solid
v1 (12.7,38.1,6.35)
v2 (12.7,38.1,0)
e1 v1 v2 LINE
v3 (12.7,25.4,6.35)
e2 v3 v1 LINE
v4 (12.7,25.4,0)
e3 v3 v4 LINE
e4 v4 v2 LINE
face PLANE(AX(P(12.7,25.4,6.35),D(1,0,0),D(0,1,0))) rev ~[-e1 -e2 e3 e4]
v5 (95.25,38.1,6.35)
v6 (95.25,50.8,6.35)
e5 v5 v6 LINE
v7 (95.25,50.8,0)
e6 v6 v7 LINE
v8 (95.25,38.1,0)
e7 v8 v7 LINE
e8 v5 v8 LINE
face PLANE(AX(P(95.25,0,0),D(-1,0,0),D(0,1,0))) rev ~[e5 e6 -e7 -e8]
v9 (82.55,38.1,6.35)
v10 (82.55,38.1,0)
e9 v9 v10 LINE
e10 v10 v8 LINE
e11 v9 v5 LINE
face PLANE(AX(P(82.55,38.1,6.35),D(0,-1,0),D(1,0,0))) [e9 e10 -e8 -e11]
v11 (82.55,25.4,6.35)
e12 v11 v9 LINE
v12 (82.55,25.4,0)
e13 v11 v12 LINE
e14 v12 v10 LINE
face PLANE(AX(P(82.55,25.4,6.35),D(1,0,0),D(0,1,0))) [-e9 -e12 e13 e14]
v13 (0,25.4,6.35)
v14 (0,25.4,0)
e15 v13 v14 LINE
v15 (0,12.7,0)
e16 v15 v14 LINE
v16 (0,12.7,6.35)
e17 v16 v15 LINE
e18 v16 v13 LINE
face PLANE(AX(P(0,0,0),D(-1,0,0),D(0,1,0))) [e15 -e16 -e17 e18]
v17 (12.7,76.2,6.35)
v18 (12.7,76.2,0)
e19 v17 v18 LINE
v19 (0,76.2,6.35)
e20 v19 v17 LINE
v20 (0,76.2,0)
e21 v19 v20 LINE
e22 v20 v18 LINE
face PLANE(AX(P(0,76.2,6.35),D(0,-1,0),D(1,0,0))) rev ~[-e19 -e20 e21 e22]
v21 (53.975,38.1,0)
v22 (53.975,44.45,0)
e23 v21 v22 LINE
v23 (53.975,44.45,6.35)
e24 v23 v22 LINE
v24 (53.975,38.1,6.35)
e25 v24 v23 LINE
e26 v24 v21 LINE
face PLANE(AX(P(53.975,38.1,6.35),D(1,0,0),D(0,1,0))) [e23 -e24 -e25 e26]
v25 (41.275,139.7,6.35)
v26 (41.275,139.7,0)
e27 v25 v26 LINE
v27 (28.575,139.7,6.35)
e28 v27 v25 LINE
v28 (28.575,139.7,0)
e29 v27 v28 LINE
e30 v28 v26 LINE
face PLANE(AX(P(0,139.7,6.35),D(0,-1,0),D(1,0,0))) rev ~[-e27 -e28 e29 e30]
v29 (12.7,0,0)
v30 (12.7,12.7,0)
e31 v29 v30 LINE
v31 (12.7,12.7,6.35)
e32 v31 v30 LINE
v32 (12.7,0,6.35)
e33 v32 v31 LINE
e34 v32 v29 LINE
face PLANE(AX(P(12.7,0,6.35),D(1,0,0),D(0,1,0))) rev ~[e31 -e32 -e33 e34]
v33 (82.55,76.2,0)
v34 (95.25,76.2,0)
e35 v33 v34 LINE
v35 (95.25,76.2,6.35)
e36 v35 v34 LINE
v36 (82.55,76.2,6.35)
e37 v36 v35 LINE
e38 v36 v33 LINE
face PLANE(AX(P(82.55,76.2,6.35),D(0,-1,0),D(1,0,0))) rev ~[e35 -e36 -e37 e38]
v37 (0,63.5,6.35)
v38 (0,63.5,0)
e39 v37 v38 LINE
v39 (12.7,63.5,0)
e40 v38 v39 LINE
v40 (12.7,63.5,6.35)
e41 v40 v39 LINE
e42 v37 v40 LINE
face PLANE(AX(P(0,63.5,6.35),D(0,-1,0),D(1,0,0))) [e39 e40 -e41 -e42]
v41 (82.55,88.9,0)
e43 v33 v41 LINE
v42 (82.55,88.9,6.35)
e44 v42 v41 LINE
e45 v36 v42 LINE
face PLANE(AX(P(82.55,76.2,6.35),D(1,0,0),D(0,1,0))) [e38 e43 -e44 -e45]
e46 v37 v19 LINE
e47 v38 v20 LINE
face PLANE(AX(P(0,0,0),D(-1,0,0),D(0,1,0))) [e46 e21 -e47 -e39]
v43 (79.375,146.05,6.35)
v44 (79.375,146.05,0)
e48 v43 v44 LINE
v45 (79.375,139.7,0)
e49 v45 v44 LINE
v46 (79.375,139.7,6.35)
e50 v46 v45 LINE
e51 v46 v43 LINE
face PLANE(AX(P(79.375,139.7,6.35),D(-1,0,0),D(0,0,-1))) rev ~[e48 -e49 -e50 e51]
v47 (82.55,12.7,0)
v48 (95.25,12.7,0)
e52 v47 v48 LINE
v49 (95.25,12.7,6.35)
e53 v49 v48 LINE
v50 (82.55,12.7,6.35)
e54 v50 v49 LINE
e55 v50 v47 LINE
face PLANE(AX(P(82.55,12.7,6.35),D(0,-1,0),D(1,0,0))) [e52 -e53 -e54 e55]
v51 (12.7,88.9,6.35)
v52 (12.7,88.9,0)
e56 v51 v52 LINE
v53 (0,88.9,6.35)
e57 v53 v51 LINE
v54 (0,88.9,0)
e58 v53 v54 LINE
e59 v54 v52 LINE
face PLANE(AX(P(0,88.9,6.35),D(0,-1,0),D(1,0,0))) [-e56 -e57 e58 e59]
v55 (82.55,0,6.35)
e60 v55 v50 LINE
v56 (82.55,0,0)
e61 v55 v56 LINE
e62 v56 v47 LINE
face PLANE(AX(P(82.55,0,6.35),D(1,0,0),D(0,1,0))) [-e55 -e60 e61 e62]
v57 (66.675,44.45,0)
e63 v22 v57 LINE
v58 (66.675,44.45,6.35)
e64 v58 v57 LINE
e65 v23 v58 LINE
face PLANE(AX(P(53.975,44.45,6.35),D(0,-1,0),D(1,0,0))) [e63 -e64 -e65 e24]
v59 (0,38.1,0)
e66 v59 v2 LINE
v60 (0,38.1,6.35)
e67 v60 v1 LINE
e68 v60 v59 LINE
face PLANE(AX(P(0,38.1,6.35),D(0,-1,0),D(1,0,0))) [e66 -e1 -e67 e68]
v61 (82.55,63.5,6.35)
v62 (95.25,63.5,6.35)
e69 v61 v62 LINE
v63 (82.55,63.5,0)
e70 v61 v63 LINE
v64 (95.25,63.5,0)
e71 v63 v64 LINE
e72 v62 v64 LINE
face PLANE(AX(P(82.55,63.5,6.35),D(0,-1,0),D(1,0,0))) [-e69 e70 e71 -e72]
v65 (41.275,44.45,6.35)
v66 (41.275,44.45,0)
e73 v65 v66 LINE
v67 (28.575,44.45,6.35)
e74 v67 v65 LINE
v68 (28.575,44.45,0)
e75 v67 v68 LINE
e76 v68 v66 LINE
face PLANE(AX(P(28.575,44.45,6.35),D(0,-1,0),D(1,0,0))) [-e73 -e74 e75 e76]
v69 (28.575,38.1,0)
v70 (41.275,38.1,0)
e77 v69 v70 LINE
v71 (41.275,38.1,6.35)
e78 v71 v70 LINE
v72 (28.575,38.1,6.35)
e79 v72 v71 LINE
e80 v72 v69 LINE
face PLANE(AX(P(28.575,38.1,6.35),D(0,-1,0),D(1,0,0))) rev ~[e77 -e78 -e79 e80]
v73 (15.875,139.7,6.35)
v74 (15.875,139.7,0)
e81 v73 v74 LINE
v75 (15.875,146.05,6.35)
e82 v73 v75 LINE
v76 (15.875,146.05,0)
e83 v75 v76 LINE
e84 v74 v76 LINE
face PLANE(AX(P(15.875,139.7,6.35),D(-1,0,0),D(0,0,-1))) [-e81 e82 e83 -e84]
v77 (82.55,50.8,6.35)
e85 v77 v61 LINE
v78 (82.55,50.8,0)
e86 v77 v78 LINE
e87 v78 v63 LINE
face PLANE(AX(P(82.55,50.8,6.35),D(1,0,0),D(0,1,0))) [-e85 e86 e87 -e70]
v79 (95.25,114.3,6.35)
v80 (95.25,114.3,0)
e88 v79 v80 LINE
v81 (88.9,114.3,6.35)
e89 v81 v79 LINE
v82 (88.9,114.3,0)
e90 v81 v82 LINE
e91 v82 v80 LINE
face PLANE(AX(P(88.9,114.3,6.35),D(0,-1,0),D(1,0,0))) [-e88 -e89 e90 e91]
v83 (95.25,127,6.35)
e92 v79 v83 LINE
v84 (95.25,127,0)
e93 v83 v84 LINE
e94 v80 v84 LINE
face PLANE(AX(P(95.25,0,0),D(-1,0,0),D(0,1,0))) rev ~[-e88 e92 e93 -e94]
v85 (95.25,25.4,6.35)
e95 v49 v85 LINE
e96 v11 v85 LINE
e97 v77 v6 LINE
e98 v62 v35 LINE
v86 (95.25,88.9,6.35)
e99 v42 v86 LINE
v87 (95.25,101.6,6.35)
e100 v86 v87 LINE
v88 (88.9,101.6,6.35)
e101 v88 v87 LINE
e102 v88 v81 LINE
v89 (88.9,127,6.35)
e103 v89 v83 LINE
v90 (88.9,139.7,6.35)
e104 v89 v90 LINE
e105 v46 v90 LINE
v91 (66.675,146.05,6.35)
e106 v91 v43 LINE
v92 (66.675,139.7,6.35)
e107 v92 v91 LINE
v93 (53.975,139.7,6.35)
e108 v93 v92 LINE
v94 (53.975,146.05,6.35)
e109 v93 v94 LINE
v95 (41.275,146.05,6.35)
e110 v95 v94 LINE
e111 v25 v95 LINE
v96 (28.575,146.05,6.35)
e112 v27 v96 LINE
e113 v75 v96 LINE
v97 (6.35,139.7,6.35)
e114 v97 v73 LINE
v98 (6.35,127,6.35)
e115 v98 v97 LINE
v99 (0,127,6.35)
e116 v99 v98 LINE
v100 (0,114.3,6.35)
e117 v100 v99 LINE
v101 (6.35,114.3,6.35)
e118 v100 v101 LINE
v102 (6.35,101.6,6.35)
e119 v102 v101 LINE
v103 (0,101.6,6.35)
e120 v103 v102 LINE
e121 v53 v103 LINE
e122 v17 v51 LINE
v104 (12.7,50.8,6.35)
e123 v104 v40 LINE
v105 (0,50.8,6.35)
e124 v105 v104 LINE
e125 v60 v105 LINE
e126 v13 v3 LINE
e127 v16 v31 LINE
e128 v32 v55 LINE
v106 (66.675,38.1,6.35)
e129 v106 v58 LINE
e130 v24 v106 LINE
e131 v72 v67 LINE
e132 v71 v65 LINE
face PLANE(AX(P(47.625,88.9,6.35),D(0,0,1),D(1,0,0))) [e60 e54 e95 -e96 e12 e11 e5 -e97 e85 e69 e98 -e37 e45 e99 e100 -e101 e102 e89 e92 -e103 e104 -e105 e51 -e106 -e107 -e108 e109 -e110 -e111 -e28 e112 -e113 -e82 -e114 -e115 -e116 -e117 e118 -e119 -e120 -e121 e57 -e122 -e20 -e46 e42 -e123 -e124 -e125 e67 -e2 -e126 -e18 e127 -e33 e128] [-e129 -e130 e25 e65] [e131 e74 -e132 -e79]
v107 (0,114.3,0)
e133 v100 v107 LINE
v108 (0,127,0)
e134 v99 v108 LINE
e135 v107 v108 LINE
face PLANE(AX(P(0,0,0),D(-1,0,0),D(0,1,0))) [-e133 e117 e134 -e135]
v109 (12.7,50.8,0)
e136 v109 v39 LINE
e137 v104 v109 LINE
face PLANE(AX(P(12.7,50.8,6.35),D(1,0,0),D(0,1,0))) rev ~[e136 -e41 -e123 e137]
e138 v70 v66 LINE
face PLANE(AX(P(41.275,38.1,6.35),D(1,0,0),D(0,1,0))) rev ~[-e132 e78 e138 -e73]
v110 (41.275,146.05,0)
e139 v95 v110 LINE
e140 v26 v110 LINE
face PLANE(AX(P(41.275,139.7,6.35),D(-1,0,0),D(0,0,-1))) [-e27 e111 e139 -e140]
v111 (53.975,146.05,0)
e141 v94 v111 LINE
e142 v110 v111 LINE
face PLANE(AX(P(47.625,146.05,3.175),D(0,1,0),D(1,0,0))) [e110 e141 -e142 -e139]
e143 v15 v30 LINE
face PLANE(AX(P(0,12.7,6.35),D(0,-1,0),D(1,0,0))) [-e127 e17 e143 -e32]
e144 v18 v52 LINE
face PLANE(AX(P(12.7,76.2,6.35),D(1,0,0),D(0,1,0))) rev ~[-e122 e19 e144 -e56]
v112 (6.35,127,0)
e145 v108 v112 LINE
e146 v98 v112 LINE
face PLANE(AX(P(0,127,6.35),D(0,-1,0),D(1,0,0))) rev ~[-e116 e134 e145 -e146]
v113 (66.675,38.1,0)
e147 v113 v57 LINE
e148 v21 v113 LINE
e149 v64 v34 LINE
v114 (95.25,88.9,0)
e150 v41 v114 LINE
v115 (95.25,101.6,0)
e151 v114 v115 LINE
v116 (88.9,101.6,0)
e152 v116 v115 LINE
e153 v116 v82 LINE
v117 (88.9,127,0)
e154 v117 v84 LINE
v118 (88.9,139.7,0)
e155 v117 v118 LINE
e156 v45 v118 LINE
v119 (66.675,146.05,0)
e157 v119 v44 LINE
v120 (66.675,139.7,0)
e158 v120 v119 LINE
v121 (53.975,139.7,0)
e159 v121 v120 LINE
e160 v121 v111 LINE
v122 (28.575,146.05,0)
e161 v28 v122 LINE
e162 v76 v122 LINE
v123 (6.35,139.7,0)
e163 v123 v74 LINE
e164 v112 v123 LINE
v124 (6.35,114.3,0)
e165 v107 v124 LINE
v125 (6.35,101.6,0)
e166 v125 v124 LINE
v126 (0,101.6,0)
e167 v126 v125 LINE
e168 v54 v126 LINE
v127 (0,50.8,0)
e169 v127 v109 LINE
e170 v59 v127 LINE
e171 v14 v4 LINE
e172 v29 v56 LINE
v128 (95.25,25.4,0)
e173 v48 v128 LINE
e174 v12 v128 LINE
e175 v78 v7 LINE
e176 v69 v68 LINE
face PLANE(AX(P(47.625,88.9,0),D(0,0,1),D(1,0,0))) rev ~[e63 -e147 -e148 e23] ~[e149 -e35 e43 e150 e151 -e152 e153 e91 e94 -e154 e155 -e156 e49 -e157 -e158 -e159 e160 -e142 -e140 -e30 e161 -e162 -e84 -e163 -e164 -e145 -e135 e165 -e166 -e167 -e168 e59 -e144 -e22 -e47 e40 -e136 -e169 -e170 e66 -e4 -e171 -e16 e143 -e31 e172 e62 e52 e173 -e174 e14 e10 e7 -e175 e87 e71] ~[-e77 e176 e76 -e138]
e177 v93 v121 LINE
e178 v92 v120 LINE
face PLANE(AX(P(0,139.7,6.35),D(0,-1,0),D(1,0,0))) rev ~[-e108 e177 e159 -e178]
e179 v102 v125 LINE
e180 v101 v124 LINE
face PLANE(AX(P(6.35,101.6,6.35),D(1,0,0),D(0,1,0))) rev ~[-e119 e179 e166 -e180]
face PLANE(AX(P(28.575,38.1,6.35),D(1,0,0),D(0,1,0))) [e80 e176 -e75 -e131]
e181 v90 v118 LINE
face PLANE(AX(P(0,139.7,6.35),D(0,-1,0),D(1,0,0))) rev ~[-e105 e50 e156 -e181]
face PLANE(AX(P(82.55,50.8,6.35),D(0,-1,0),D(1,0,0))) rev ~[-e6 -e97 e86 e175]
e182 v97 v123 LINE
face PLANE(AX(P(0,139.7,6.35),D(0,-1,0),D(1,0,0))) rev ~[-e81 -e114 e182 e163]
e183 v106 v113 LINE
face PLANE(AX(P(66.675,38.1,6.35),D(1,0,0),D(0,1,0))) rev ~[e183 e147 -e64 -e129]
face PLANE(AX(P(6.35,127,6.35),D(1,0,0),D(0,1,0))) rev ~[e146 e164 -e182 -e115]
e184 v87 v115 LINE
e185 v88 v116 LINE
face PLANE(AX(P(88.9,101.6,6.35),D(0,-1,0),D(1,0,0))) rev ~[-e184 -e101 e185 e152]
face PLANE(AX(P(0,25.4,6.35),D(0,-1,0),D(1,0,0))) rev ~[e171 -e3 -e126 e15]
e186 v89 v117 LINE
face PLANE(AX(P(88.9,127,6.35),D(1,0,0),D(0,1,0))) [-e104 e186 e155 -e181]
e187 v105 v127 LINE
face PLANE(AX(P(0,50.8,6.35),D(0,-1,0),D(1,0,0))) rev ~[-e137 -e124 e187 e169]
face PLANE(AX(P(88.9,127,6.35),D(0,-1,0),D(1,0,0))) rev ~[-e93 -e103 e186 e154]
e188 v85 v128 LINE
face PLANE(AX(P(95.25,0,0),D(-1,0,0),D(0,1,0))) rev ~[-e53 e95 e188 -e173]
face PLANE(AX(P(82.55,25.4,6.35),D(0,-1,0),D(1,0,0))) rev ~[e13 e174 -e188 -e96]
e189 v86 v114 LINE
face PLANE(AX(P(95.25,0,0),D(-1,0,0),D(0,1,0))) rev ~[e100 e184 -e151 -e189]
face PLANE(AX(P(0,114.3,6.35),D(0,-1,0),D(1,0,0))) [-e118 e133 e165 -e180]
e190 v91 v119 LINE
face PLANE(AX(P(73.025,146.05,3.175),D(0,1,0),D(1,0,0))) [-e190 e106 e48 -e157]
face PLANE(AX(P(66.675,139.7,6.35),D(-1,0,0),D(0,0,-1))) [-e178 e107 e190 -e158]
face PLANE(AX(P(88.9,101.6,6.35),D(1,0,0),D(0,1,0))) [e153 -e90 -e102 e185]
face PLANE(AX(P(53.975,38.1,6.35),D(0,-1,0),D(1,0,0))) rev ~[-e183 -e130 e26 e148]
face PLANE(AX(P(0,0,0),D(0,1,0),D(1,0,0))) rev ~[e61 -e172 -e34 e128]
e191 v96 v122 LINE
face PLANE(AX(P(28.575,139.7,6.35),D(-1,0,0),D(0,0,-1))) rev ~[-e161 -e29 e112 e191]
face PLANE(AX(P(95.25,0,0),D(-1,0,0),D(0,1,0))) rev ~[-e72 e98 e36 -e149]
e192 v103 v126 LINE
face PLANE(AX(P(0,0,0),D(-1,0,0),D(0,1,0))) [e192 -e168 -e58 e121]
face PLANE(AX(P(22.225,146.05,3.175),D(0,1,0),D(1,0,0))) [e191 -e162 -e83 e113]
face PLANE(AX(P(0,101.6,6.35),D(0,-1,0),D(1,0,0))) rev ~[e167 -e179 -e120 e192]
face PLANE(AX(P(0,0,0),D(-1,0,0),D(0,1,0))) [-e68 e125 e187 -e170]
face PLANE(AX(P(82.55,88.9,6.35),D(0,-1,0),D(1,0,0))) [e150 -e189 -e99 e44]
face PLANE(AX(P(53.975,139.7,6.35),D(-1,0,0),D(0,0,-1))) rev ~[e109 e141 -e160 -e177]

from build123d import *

# Parameters (mm, degrees)
SKETCH1_W           = 95.25
SKETCH1_H           = 177.8
BOSS_EXTRUDE1_DEPTH = 6.35
SKETCH2_W           = 12.7
SKETCH2_H           = 12.7
CUT_EXTRUDE1_DEPTH  = 7.35
LPATTERN1_COUNT     = 4
LPATTERN1_PITCH     = 25.4
SKETCH3_W           = 12.7
SKETCH3_H           = 6.35
CUT_EXTRUDE2_DEPTH  = 7.35
SKETCH5_W           = 6.35
SKETCH5_H           = 12.7
CUT_EXTRUDE4_DEPTH  = 7.35
LPATTERN2_COUNT     = 4
LPATTERN2_PITCH     = 25.4
SKETCH6_W           = 95.25
SKETCH6_H           = 38.1
CUT_EXTRUDE5_DEPTH  = 7.35
SKETCH7_W           = 12.7
SKETCH7_H           = 6.35
BOSS_EXTRUDE2_DEPTH = 6.35
LPATTERN3_COUNT     = 2
LPATTERN3_PITCH     = 25.4
LPATTERN3_COL_COUNT = 2
LPATTERN3_COL_PITCH = 25.4


with BuildPart() as part:
    # Sketch1 → Boss-Extrude1 (new body)
    with BuildSketch(Plane.XY):
        with Locations((47.625, 88.9)):
            Rectangle(SKETCH1_W, SKETCH1_H)
    extrude(amount=BOSS_EXTRUDE1_DEPTH)

    # Sketch2 → Cut-Extrude1 (cut, through all)
    with BuildSketch(Plane.XY.offset(6.35)):
        with Locations((6.35, 6.35)):
            Rectangle(SKETCH2_W, SKETCH2_H)
        with Locations((88.9, 6.35)):
            Rectangle(SKETCH2_W, SKETCH2_H)
    cut_extrude1 = extrude(amount=-CUT_EXTRUDE1_DEPTH, mode=Mode.SUBTRACT)

    # LPattern1: Cut-Extrude1 ×4
    with Locations(*[(0, i * LPATTERN1_PITCH, 0) for i in range(1, LPATTERN1_COUNT)]):
        add(cut_extrude1, mode=Mode.SUBTRACT)

    # Sketch3 → Cut-Extrude2 (cut, through all)
    with BuildSketch(Plane.XY.offset(6.35)):
        with Locations((34.925, 41.275)):
            Rectangle(SKETCH3_W, SKETCH3_H)
        with Locations((60.325, 41.275)):
            Rectangle(SKETCH3_W, SKETCH3_H)
    extrude(amount=-CUT_EXTRUDE2_DEPTH, mode=Mode.SUBTRACT)

    # Sketch5 → Cut-Extrude4 (cut, through all)
    with BuildSketch(Plane.XY.offset(6.35)):
        with Locations((3.175, 107.95)):
            Rectangle(SKETCH5_W, SKETCH5_H)
        with Locations((92.075, 107.95)):
            Rectangle(SKETCH5_W, SKETCH5_H)
    cut_extrude4 = extrude(amount=-CUT_EXTRUDE4_DEPTH, mode=Mode.SUBTRACT)

    # LPattern2: Cut-Extrude4 ×4
    with Locations(*[(0, i * LPATTERN2_PITCH, 0) for i in range(1, LPATTERN2_COUNT)]):
        add(cut_extrude4, mode=Mode.SUBTRACT)

    # Sketch6 → Cut-Extrude5 (cut, through all)
    with BuildSketch(Plane.XY.offset(6.35)):
        with Locations((47.625, 158.75)):
            Rectangle(SKETCH6_W, SKETCH6_H)
    extrude(amount=-CUT_EXTRUDE5_DEPTH, mode=Mode.SUBTRACT)

    # Sketch7 → Boss-Extrude2 (add)
    with BuildSketch(Plane(origin=(0, 139.7, 0), x_dir=(1, 0, 0), z_dir=(0, 1, 0))):
        with Locations((47.625, -3.175)):
            Rectangle(SKETCH7_W, SKETCH7_H)
    boss_extrude2 = extrude(amount=BOSS_EXTRUDE2_DEPTH)

    # LPattern3: Boss-Extrude2 ×2
    with Locations(*[(i * LPATTERN3_PITCH, 0, 0) for i in range(1, LPATTERN3_COUNT)]):
        add(boss_extrude2)

    # LPattern3 col: Boss-Extrude2 ×2
    with Locations(*[(-i * LPATTERN3_COL_PITCH, 0, 0) for i in range(1, LPATTERN3_COL_COUNT)]):
        add(boss_extrude2)


solid = part.part
